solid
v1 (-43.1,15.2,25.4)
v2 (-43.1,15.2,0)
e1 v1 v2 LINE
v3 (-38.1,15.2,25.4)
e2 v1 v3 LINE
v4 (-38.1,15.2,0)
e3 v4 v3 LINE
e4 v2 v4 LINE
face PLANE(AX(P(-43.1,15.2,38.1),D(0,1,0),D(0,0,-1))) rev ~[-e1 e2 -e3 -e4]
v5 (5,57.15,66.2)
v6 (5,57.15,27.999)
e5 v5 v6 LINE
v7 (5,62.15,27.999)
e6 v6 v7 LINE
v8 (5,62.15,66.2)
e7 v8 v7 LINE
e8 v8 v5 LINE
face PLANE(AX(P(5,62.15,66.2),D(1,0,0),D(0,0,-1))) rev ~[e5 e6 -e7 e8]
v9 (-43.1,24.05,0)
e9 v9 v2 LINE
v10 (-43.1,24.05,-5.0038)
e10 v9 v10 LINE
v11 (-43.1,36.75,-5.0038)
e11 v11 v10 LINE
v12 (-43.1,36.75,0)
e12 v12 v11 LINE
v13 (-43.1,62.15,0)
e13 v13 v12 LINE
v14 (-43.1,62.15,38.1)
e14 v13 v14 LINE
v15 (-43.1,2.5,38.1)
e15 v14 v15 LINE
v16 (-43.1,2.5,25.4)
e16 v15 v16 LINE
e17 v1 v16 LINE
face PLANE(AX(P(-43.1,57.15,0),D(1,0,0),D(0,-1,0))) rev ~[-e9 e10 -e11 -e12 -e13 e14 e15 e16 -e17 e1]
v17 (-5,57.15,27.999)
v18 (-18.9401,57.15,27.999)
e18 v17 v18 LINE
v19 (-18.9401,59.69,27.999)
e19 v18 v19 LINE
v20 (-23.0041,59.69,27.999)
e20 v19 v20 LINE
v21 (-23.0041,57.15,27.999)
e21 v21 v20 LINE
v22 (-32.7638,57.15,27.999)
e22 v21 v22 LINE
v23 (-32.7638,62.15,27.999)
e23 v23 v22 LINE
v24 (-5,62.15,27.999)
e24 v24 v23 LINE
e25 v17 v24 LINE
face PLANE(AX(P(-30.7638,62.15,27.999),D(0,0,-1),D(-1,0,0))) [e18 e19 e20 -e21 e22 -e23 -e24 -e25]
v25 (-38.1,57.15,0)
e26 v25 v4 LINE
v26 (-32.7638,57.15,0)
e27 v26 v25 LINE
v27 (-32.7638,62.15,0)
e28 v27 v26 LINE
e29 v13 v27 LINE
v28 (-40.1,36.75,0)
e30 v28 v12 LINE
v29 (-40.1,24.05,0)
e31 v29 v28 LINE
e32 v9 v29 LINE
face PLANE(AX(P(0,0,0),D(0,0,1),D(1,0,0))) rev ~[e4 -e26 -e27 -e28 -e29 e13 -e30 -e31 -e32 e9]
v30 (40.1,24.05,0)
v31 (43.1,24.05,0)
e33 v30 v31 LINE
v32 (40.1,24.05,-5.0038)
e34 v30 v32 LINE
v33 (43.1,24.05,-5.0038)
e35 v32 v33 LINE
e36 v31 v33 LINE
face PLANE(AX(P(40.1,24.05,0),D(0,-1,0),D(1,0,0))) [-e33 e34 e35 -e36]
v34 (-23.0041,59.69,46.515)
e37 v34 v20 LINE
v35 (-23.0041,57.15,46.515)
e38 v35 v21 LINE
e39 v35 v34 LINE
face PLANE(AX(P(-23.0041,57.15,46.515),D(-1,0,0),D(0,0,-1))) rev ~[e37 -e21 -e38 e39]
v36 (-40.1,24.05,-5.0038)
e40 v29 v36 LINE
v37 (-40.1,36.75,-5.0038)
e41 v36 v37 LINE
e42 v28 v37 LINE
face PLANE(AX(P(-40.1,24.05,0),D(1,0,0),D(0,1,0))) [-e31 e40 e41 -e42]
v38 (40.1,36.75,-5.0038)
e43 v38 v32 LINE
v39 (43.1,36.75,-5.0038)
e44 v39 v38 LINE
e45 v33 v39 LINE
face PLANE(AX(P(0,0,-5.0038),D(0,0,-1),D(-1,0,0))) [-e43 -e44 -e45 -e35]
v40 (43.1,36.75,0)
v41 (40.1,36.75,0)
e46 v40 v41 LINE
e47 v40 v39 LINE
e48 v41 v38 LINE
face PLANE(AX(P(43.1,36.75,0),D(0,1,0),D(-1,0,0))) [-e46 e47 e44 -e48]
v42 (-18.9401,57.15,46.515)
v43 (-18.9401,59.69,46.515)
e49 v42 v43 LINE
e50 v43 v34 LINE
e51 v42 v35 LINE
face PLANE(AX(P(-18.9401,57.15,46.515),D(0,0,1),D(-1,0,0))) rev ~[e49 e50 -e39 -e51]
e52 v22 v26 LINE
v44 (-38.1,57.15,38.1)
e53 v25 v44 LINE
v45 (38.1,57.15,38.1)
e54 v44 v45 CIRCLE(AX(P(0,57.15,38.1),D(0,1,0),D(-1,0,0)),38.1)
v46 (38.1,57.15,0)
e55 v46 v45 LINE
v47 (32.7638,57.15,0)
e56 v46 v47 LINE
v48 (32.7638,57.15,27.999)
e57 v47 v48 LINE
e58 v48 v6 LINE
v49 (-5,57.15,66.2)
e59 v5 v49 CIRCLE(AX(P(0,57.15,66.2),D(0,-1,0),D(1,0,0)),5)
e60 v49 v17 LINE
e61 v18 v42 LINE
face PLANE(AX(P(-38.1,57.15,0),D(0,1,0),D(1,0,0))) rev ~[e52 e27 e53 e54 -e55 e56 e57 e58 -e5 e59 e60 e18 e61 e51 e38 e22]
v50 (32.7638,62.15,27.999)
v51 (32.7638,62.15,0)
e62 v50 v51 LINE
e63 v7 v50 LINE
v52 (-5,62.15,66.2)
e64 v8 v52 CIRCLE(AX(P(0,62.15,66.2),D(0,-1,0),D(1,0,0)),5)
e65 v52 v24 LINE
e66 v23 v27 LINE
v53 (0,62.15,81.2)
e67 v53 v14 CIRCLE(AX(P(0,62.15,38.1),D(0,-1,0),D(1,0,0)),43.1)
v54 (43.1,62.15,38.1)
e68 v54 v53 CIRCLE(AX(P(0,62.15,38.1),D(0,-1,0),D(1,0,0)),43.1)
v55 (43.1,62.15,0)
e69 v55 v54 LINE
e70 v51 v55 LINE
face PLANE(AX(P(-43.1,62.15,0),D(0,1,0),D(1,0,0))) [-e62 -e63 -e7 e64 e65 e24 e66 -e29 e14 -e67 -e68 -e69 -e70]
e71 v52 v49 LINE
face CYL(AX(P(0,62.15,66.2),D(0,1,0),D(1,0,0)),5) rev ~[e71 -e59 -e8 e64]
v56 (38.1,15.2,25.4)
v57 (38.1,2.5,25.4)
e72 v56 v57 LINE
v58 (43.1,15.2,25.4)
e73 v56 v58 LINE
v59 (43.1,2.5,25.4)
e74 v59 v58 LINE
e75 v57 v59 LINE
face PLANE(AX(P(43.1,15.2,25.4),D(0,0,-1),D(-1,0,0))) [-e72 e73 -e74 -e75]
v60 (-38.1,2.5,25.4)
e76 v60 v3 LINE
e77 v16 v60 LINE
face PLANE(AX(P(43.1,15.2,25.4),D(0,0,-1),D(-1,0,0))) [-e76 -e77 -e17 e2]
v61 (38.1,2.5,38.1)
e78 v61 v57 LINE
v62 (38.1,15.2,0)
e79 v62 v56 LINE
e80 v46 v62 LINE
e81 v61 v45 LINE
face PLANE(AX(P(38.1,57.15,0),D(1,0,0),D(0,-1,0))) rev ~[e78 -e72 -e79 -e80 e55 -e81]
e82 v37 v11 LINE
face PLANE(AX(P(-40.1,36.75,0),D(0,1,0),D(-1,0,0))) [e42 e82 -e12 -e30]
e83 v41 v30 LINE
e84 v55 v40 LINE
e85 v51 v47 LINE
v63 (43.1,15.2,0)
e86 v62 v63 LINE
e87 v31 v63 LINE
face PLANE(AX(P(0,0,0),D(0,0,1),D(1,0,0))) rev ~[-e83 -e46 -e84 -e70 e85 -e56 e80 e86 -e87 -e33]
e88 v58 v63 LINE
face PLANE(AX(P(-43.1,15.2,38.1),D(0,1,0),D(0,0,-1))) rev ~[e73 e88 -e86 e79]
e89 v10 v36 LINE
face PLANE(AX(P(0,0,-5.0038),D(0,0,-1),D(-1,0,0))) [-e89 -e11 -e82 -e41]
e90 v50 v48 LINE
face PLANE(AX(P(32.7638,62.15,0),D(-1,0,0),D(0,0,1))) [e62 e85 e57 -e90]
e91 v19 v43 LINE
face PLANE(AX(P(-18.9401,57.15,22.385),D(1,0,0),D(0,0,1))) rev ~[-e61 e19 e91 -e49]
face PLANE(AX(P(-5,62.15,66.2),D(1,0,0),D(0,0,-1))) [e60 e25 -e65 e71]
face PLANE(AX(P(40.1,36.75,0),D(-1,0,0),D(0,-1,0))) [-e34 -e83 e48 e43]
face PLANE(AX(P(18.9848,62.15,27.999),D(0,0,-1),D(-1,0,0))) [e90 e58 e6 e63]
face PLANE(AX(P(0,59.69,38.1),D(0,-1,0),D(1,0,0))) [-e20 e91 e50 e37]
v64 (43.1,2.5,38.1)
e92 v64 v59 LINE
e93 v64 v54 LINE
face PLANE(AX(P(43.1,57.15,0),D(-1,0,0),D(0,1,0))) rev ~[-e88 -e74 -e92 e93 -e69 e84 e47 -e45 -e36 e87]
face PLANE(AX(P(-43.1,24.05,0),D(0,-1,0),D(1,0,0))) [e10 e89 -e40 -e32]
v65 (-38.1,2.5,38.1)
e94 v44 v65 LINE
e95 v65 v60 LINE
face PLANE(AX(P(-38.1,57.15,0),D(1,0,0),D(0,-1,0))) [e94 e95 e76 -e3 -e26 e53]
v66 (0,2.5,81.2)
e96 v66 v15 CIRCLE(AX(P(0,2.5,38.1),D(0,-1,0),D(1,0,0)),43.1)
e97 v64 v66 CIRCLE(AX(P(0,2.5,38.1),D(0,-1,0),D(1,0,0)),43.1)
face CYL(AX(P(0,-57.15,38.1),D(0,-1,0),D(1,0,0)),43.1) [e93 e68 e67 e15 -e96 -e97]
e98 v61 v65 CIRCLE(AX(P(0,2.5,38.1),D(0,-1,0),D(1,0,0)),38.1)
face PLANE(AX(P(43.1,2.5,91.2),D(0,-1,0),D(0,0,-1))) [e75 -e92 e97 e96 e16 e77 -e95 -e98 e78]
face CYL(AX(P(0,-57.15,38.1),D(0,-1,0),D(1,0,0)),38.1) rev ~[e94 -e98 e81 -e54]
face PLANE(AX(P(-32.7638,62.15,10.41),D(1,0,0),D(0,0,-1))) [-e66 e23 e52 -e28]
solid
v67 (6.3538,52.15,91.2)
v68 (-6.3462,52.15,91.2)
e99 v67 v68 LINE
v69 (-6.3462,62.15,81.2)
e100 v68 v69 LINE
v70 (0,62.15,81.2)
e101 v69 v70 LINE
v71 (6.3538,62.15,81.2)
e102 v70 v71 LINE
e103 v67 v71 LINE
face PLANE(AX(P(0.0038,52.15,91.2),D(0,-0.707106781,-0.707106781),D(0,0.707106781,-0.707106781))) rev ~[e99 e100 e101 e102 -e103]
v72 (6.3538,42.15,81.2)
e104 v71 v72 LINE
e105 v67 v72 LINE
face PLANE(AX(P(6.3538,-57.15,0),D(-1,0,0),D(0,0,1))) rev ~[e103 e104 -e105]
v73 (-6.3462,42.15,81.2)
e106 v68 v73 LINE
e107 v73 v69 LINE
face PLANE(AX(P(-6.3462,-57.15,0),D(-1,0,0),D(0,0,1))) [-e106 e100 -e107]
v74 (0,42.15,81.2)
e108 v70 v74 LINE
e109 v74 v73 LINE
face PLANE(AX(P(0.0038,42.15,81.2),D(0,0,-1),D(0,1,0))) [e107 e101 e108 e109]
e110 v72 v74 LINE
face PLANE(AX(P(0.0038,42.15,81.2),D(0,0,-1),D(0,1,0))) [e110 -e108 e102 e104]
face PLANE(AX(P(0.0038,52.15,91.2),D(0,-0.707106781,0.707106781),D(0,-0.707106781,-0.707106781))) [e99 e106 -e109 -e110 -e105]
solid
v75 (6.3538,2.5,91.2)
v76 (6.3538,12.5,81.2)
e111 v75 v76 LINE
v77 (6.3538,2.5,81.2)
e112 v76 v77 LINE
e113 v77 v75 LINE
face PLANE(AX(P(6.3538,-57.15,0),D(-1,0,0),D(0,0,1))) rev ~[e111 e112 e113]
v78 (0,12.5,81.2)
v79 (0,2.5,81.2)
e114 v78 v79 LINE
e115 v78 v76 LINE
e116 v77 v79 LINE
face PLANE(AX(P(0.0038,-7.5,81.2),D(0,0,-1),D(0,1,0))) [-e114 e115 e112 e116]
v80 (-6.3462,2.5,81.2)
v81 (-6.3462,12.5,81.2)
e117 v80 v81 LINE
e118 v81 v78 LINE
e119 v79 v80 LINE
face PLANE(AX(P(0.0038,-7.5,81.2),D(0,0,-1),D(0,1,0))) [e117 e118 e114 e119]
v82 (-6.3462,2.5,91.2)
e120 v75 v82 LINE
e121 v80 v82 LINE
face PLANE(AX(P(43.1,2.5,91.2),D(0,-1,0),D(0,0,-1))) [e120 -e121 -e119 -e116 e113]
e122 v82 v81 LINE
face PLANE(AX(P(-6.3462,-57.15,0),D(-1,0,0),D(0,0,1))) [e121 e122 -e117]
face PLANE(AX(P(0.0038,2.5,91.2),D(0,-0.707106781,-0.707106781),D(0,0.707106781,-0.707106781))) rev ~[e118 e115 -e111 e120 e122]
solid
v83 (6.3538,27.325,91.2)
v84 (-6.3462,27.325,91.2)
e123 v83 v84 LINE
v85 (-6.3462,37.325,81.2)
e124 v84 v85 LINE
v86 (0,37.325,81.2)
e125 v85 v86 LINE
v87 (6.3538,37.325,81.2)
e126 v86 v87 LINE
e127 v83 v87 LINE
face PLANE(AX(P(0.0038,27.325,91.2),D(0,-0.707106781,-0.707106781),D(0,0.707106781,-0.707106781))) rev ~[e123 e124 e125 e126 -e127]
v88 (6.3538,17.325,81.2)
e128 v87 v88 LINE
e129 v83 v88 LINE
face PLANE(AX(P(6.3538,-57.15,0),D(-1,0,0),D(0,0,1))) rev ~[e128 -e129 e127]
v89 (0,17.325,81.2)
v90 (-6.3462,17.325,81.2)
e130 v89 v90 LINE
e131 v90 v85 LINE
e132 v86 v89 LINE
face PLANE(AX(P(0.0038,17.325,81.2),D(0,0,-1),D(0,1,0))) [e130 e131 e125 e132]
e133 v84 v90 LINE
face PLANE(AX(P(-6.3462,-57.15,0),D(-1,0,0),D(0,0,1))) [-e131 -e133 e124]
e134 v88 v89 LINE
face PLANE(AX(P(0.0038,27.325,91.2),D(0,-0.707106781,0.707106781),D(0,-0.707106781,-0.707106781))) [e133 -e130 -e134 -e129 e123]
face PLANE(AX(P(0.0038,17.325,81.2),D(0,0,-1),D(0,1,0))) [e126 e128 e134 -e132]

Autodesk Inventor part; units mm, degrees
ref_plane "YZ Plane" through (0, 0, 0) normal (1, 0, 0) x (0, 1, 0)
ref_plane "XZ Plane" through (0, 0, 0) normal (0, 1, 0) x (-1, 0, 0)
sketch "Sketch1" plane through (0, 0, 0) normal (0, 0, 1) x (1, 0, 0)
  arc A0 (-38.1, -57.15) -> (38.1, -57.15) centre (0, -57.15) ccw projected
  line L0 (38.1, -57.15) -> (43.1, -57.15) projected
  line L1 (43.1, -57.15) -> (43.1, 62.15) projected
  line L2 (43.1, 62.15) -> (-43.1, 62.15) projected
  line L3 (-43.1, 62.15) -> (-43.1, -57.15) projected
  line L4 (-43.1, -57.15) -> (-38.1, -57.15) projected
  line L5 (14, 57.15) -> (-14, 57.15) projected
  line L6 (14, 57.15) -> (14, 54.15) projected
  line L7 (14, 54.15) -> (-10.002, 54.15) projected
  line L8 (-10.002, 54.15) -> (-10.002, 53.078) projected
  line L9 (-10.002, 53.078) -> (-14, 53.078) projected
  line L10 (-14, 53.078) -> (-14, 57.15) projected
  line L11 (10.16, -7.55) -> (-10.16, -7.55) projected
  line L12 (-10.16, -7.55) -> (-10.16, 9.15) projected
  line L13 (-10.16, 9.15) -> (10.16, 9.15) projected
  line L14 (10.16, 9.15) -> (10.16, -7.55) projected
  circle A1 centre (0, -77.15) radius 5 projected
  line L15 (-19.058, -20.782) -> (-19.058, -16.21) projected
  line L16 (-19.058, -16.21) -> (-17.058, -16.21) projected
  line L17 (-17.058, -16.21) -> (-17.058, -22.782) projected
  line L18 (-17.058, -22.782) -> (-24.598, -22.782) projected
  line L19 (-24.598, -22.782) -> (-24.598, -16.21) projected
  line L20 (-24.598, -16.21) -> (-22.598, -16.21) projected
  line L21 (-22.598, -16.21) -> (-22.598, -20.782) projected
  line L22 (-22.598, -20.782) -> (-19.058, -20.782) projected
  line L23 (-19.058, 7.65) -> (-19.058, 12.222) projected
  line L24 (-19.058, 12.222) -> (-22.598, 12.222) projected
  line L25 (-22.598, 12.222) -> (-22.598, 7.65) projected
  line L26 (-22.598, 7.65) -> (-24.598, 7.65) projected
  line L27 (-24.598, 7.65) -> (-24.598, 14.222) projected
  line L28 (-24.598, 14.222) -> (-17.058, 14.222) projected
  line L29 (-17.058, 14.222) -> (-17.058, 7.65) projected
  line L30 (-17.058, 7.65) -> (-19.058, 7.65) projected
  line L31 (-6.662, 29.218) -> (-6.662, 22.4) projected
  line L32 (-6.662, 22.4) -> (7.275, 22.4) projected
  line L33 (7.275, 22.4) -> (7.275, 19.4) projected
  line L34 (7.275, 19.4) -> (-14.202, 19.4) projected
  line L35 (-14.202, 19.4) -> (-14.202, 29.218) projected
  line L36 (-14.202, 29.218) -> (-12.202, 29.218) projected
  line L37 (-12.202, 29.218) -> (-12.202, 29.221) projected
  line L38 (-12.202, 29.221) -> (-8.662, 29.221) projected
  line L39 (-8.662, 29.221) -> (-8.662, 29.218) projected
  line L40 (-8.662, 29.218) -> (-6.662, 29.218) projected
  line L41 (38.1, -57.15) -> (43.1, -57.15)
  line L42 (43.1, -57.15) -> (43.1, 62.15)
  line L43 (43.1, 62.15) -> (38.1, 62.15)
  line L44 (38.1, 62.15) -> (38.1, -57.15)
  line L45 (-38.1, -57.15) -> (-43.1, -57.15)
  line L46 (-43.1, -57.15) -> (-43.1, 62.15)
  line L47 (-43.1, 62.15) -> (-38.1, 62.15)
  line L48 (-38.1, 62.15) -> (-38.1, -57.15)
  line L49 (-43.1, 62.15) -> (-43.1, 57.15)
  line L50 (-43.1, 57.15) -> (43.1, 57.15)
  line L51 (43.1, 57.15) -> (-43.1, 57.15)
  line L52 (-43.1, 57.15) -> (-43.1, 62.15)
  line L53 (-43.1, 62.15) -> (43.1, 62.15)
  line L54 (43.1, 62.15) -> (43.1, 57.15)
  point P0 (0, 0)
  dimension "d0" = 5
extrude "Extrusion1" add sketch "Sketch1" along normal blind 38.1 contours L4 L3 L50 L48 | L44 L50 L1 L0 | L50 L3 L2 L48 | L48 L2 L44 L50 L5 | L44 L2 L1 L50
sketch "Sketch2" plane through (-43.1, -57.15, 0) normal (0, -1, 0) x (1, 0, 0)
  line L0 (5, 38.1) -> (81.2, 38.1) projected
  arc A0 (81.2, 38.1) -> (5, 38.1) centre (43.1, 38.1) ccw
  line L1 (0, 38.1) -> (5, 38.1) projected
  arc A1 (86.2, 38.1) -> (0, 38.1) centre (43.1, 38.1) ccw
  line L2 (0, 38.1) -> (5, 38.1)
  line L3 (81.2, 38.1) -> (86.2, 38.1) projected
  line L4 (81.2, 38.1) -> (86.2, 38.1)
  point P0 (43.1, 0)
extrude "Extrusion2" add sketch "Sketch2" against normal blind 119.3 contours L1 A1 L3 A0
sketch "Sketch3" plane through (-43.1, 62.15, 0) normal (0, 1, 0) x (1, 0, 0)
  arc A0 (5, -38.1) -> (81.2, -38.1) centre (43.1, -38.1) ccw projected
  line L0 (81.2, -38.1) -> (5, -38.1) projected
  point P0 (43.1, 0)
extrude "Extrusion3" add sketch "Sketch3" against normal blind 5
sketch "Sketch4" plane through (-43.1, 62.15, 0) normal (0, 1, 0) x (1, 0, 0)
  circle A0 centre (43.1, -23.375) radius 3.275 projected
  point P0 (43.1, 0)
extrude "Extrusion4" cut sketch "Sketch4" against normal blind 5
ref_plane "Work Plane1" through (0.0038, -57.15, 0) normal (-1, 0, 0) x (0, 0, 1)
sketch "Sketch5" plane through (0.0038, -57.15, 0) normal (-1, 0, 0) x (0, 0, 1)
  point P0 (0, 57.15)
sketch "Sketch6" plane through (0.0038, -57.15, 0) normal (-1, 0, 0) x (0, 0, 1)
  line L0 (81.2, 0) -> (81.2, 119.3) projected
  line L1 (81.2, 119.3) -> (81.2, 99.3)
  line L2 (81.2, 109.3) -> (91.2, 109.3)
  line L3 (91.2, 109.3) -> (81.2, 119.3)
  line L4 (91.2, 109.3) -> (81.2, 99.3)
  line L5 (91.2, 84.475) -> (81.2, 74.475)
  line L6 (81.2, 84.475) -> (91.2, 84.475)
  line L7 (81.2, 94.475) -> (81.2, 74.475)
  line L8 (91.2, 84.475) -> (81.2, 94.475)
  line L9 (91.2, 59.65) -> (81.2, 49.65)
  line L10 (81.2, 59.65) -> (91.2, 59.65)
  line L11 (81.2, 69.65) -> (81.2, 49.65)
  line L12 (91.2, 59.65) -> (81.2, 69.65)
  line L13 (91.2, 34.825) -> (81.2, 24.825)
  line L14 (81.2, 34.825) -> (91.2, 34.825)
  line L15 (81.2, 44.825) -> (81.2, 24.825)
  line L16 (91.2, 34.825) -> (81.2, 44.825)
  line L17 (91.2, 10) -> (81.2, 0)
  line L18 (81.2, 10) -> (91.2, 10)
  line L19 (81.2, 20) -> (81.2, 0)
  line L20 (91.2, 10) -> (81.2, 20)
  point P0 (0, 57.15)
  dimension "d10" = 20
  dimension "d11" = 10
  dimension "d14" = 24.825
extrude "Extrusion5" add sketch "Sketch6" along normal mid plane 12.7
sketch "Sketch8" plane through (0, 0, 0) normal (0, 0, -1) x (-1, 0, 0)
  line L0 (40.1, 24.05) -> (40.1, 36.75) projected
  line L1 (40.1, -31.75) -> (40.1, -19.05) projected
  line L2 (-40.1, 36.75) -> (-40.1, 24.05) projected
  line L3 (-40.1, -19.05) -> (-40.1, -31.75) projected
  line L4 (43.1, 62.15) -> (43.1, -57.15) projected
  line L5 (40.1, 36.75) -> (43.1, 36.75)
  line L6 (43.1, 36.75) -> (43.1, 24.05)
  line L7 (43.1, 24.05) -> (40.1, 24.05)
  line L8 (40.1, 24.05) -> (40.1, 36.75)
  line L9 (40.1, -19.05) -> (43.1, -19.05)
  line L10 (43.1, -19.05) -> (43.1, -31.75)
  line L11 (43.1, -31.75) -> (40.1, -31.75)
  line L12 (40.1, -31.75) -> (40.1, -19.05)
  line L13 (-43.1, -57.15) -> (-43.1, 62.15) projected
  line L14 (-40.1, -19.05) -> (-43.1, -19.05)
  line L15 (-43.1, -19.05) -> (-43.1, -31.75)
  line L16 (-43.1, -31.75) -> (-40.1, -31.75)
  line L17 (-40.1, -31.75) -> (-40.1, -19.05)
  line L18 (-40.1, 24.05) -> (-43.1, 24.05)
  line L19 (-43.1, 24.05) -> (-43.1, 36.75)
  line L20 (-43.1, 36.75) -> (-40.1, 36.75)
  line L21 (-40.1, 36.75) -> (-40.1, 24.05)
  point P0 (0, 0)
extrude "Extrusion6" add sketch "Sketch8" along normal blind 5.0038
sketch "Sketch9" plane through (43.1, -57.15, 38.1) normal (1, 0, 0) x (0, 0, -1)
  line L0 (-53.1, 59.65) -> (-43.1, 69.65) projected
  line L1 (-53.1, 59.65) -> (78.849, 59.65)
  line L2 (78.849, 59.65) -> (83.1956, -43.5453)
  line L3 (83.1956, -43.5453) -> (-80.8871, -47.5296)
  line L4 (-80.8871, -47.5296) -> (-53.1, 59.65)
  point P0 (38.1, 57.15)
extrude "Extrusion7" cut sketch "Sketch9" against normal blind 2540
sketch "Sketch10" plane through (-43.1, 62.15, 0) normal (-1, 0, 0) x (0, 0, 1)
  line L0 (38.1, -59.65) -> (0, -59.65) projected
  line L1 (38.1, -59.65) -> (38.1, 0) projected
  line L2 (0, -59.65) -> (38.1, -59.65)
  line L3 (38.1, -59.65) -> (38.1, -46.95)
  line L4 (38.1, -46.95) -> (0, -46.95)
  line L5 (0, -46.95) -> (0, -59.65)
  point P0 (0, -62.15)
  dimension "d25" = 12.7
extrude "Extrusion8" cut sketch "Sketch10" against normal blind 1422.4
sketch "Sketch11" plane through (-43.1, 62.15, 0) normal (0, 1, 0) x (1, 0, 0)
  arc A0 (5, -38.1) -> (81.2, -38.1) centre (43.1, -38.1) ccw projected
  line L0 (43.1, -76.2) -> (43.1, -66.2)
  circle A1 centre (43.1, -66.2) radius 5
  point P0 (43.1, 0)
  dimension "d28" = 10
  dimension "d29" = 10
extrude "Extrusion9" cut sketch "Sketch11" against normal blind 1422.4
sketch "Sketch12" plane through (-43.1, 62.15, 0) normal (0, 1, 0) x (1, 0, 0)
  circle A0 centre (43.1, -66.2) radius 5 projected
  line L0 (38.1, -66.2) -> (38.1, 0)
  line L1 (38.1, 0) -> (48.1, 0)
  line L2 (5, 0) -> (81.2, 0) projected
  line L3 (48.1, -66.2) -> (48.1, 0)
  circle A1 centre (43.1, -66.2) radius 5
  point P0 (43.1, 0)
extrude "Extrusion10" cut sketch "Sketch12" against normal blind 25.4
sketch "Sketch13" plane through (-43.1, 62.15, 38.1) normal (0, 1, 0) x (1, 0, 0)
  line L0 (12.3362, 12.101) -> (12.3362, 25.69) projected
  line L1 (15.3207, 25.69) -> (12.3362, 25.69) projected
  line L2 (15.3207, 25.69) -> (15.3207, 15.53) projected
  line L3 (15.3207, 15.53) -> (19.1307, 15.53) projected
  line L4 (19.1307, 15.53) -> (19.1307, 25.69) projected
  line L5 (22.1152, 25.69) -> (19.1307, 25.69) projected
  line L6 (22.1152, 12.101) -> (22.1152, 25.69) projected
  line L7 (22.1152, 12.101) -> (12.3362, 12.101) projected
  line L8 (12.3362, 12.101) -> (12.3362, 10.101)
  line L9 (12.3362, 10.101) -> (10.3362, 10.101)
  line L10 (22.1152, 25.69) -> (22.1152, 27.69)
  line L11 (22.1152, 27.69) -> (24.1152, 27.69)
  line L12 (24.1152, 27.69) -> (10.3362, 27.69)
  line L13 (10.3362, 27.69) -> (10.3362, 10.101)
  line L14 (10.3362, 10.101) -> (24.1152, 10.101)
  line L15 (24.1152, 10.101) -> (24.1152, 27.69)
  point P0 (43.1, 38.1)
  dimension "d34" = 2
  dimension "d35" = 2
  dimension "d36" = 2
  dimension "d37" = 2
extrude "Extrusion11" cut sketch "Sketch13" against normal blind 25.4
sketch "Sketch14" plane through (0, 57.15, 38.1) normal (0, -1, 0) x (1, 0, 0)
  line L0 (-18.9401, 8.415) -> (-23.0041, 8.415)
  line L1 (-23.0041, 8.415) -> (-23.0041, -15.715) projected
  line L2 (-18.9401, -15.715) -> (-18.9401, 8.415) projected
  line L3 (-18.9401, -15.715) -> (-23.0041, -15.715)
  point P0 (0, -38.1)
extrude "Extrusion12" cut sketch "Sketch14" against normal blind 2.54
sketch "Sketch15" plane through (43.1, 15.2, 38.1) normal (0, 0, -1) x (-1, 0, 0)
  line L0 (5, 0) -> (5, -12.7) projected
  line L1 (5, 0) -> (0, 0) projected
  line L2 (0, -12.7) -> (0, 0) projected
  line L3 (5, -12.7) -> (0, -12.7) projected
  line L4 (81.2, -12.7) -> (81.2, 0) projected
  line L5 (86.2, -12.7) -> (81.2, -12.7) projected
  line L6 (86.2, 0) -> (86.2, -12.7) projected
  line L7 (86.2, 0) -> (81.2, 0) projected
  point P0 (43.1, -15.2)
extrude "Extrusion13" add sketch "Sketch15" along normal blind 12.7
sketch "Sketch16" plane through (-43.1, 62.15, 38.1) normal (0, 1, 0) x (1, 0, 0)
  line L0 (10.3362, 10.101) -> (20.0959, 10.101) projected
  line L1 (24.1152, 27.69) -> (24.1152, 10.101) projected
  line L2 (10.3362, 10.101) -> (24.1152, 10.101)
  line L3 (24.1152, 10.101) -> (24.1152, 27.69)
  line L4 (24.1152, 27.69) -> (10.3362, 27.69)
  line L5 (10.3362, 27.69) -> (10.3362, 10.101)
  line L6 (43.1, 38.1) -> (43.1, 27.69)
  line L7 (75.8638, 10.101) -> (66.1041, 10.101)
  line L8 (62.0848, 27.69) -> (62.0848, 10.101)
  line L9 (75.8638, 10.101) -> (62.0848, 10.101)
  line L10 (62.0848, 10.101) -> (62.0848, 27.69)
  line L11 (62.0848, 27.69) -> (75.8638, 27.69)
  line L12 (75.8638, 27.69) -> (75.8638, 10.101)
  line L13 (38.1, 38.1) -> (0, 38.1) projected
  line L14 (75.8638, 10.101) -> (10.3362, 10.101)
  line L15 (10.3362, 10.101) -> (10.3362, 38.1)
  line L16 (10.3362, 38.1) -> (75.8638, 38.1)
  line L17 (75.8638, 38.1) -> (75.8638, 10.101)
extrude "Extrusion14" cut sketch "Sketch16" against normal blind 12.7 contours L15 L13 L16 L17 L11 L8 L14 L1 L4 | L8 L11 L12 L7 L9
properties part number "Skin1"
